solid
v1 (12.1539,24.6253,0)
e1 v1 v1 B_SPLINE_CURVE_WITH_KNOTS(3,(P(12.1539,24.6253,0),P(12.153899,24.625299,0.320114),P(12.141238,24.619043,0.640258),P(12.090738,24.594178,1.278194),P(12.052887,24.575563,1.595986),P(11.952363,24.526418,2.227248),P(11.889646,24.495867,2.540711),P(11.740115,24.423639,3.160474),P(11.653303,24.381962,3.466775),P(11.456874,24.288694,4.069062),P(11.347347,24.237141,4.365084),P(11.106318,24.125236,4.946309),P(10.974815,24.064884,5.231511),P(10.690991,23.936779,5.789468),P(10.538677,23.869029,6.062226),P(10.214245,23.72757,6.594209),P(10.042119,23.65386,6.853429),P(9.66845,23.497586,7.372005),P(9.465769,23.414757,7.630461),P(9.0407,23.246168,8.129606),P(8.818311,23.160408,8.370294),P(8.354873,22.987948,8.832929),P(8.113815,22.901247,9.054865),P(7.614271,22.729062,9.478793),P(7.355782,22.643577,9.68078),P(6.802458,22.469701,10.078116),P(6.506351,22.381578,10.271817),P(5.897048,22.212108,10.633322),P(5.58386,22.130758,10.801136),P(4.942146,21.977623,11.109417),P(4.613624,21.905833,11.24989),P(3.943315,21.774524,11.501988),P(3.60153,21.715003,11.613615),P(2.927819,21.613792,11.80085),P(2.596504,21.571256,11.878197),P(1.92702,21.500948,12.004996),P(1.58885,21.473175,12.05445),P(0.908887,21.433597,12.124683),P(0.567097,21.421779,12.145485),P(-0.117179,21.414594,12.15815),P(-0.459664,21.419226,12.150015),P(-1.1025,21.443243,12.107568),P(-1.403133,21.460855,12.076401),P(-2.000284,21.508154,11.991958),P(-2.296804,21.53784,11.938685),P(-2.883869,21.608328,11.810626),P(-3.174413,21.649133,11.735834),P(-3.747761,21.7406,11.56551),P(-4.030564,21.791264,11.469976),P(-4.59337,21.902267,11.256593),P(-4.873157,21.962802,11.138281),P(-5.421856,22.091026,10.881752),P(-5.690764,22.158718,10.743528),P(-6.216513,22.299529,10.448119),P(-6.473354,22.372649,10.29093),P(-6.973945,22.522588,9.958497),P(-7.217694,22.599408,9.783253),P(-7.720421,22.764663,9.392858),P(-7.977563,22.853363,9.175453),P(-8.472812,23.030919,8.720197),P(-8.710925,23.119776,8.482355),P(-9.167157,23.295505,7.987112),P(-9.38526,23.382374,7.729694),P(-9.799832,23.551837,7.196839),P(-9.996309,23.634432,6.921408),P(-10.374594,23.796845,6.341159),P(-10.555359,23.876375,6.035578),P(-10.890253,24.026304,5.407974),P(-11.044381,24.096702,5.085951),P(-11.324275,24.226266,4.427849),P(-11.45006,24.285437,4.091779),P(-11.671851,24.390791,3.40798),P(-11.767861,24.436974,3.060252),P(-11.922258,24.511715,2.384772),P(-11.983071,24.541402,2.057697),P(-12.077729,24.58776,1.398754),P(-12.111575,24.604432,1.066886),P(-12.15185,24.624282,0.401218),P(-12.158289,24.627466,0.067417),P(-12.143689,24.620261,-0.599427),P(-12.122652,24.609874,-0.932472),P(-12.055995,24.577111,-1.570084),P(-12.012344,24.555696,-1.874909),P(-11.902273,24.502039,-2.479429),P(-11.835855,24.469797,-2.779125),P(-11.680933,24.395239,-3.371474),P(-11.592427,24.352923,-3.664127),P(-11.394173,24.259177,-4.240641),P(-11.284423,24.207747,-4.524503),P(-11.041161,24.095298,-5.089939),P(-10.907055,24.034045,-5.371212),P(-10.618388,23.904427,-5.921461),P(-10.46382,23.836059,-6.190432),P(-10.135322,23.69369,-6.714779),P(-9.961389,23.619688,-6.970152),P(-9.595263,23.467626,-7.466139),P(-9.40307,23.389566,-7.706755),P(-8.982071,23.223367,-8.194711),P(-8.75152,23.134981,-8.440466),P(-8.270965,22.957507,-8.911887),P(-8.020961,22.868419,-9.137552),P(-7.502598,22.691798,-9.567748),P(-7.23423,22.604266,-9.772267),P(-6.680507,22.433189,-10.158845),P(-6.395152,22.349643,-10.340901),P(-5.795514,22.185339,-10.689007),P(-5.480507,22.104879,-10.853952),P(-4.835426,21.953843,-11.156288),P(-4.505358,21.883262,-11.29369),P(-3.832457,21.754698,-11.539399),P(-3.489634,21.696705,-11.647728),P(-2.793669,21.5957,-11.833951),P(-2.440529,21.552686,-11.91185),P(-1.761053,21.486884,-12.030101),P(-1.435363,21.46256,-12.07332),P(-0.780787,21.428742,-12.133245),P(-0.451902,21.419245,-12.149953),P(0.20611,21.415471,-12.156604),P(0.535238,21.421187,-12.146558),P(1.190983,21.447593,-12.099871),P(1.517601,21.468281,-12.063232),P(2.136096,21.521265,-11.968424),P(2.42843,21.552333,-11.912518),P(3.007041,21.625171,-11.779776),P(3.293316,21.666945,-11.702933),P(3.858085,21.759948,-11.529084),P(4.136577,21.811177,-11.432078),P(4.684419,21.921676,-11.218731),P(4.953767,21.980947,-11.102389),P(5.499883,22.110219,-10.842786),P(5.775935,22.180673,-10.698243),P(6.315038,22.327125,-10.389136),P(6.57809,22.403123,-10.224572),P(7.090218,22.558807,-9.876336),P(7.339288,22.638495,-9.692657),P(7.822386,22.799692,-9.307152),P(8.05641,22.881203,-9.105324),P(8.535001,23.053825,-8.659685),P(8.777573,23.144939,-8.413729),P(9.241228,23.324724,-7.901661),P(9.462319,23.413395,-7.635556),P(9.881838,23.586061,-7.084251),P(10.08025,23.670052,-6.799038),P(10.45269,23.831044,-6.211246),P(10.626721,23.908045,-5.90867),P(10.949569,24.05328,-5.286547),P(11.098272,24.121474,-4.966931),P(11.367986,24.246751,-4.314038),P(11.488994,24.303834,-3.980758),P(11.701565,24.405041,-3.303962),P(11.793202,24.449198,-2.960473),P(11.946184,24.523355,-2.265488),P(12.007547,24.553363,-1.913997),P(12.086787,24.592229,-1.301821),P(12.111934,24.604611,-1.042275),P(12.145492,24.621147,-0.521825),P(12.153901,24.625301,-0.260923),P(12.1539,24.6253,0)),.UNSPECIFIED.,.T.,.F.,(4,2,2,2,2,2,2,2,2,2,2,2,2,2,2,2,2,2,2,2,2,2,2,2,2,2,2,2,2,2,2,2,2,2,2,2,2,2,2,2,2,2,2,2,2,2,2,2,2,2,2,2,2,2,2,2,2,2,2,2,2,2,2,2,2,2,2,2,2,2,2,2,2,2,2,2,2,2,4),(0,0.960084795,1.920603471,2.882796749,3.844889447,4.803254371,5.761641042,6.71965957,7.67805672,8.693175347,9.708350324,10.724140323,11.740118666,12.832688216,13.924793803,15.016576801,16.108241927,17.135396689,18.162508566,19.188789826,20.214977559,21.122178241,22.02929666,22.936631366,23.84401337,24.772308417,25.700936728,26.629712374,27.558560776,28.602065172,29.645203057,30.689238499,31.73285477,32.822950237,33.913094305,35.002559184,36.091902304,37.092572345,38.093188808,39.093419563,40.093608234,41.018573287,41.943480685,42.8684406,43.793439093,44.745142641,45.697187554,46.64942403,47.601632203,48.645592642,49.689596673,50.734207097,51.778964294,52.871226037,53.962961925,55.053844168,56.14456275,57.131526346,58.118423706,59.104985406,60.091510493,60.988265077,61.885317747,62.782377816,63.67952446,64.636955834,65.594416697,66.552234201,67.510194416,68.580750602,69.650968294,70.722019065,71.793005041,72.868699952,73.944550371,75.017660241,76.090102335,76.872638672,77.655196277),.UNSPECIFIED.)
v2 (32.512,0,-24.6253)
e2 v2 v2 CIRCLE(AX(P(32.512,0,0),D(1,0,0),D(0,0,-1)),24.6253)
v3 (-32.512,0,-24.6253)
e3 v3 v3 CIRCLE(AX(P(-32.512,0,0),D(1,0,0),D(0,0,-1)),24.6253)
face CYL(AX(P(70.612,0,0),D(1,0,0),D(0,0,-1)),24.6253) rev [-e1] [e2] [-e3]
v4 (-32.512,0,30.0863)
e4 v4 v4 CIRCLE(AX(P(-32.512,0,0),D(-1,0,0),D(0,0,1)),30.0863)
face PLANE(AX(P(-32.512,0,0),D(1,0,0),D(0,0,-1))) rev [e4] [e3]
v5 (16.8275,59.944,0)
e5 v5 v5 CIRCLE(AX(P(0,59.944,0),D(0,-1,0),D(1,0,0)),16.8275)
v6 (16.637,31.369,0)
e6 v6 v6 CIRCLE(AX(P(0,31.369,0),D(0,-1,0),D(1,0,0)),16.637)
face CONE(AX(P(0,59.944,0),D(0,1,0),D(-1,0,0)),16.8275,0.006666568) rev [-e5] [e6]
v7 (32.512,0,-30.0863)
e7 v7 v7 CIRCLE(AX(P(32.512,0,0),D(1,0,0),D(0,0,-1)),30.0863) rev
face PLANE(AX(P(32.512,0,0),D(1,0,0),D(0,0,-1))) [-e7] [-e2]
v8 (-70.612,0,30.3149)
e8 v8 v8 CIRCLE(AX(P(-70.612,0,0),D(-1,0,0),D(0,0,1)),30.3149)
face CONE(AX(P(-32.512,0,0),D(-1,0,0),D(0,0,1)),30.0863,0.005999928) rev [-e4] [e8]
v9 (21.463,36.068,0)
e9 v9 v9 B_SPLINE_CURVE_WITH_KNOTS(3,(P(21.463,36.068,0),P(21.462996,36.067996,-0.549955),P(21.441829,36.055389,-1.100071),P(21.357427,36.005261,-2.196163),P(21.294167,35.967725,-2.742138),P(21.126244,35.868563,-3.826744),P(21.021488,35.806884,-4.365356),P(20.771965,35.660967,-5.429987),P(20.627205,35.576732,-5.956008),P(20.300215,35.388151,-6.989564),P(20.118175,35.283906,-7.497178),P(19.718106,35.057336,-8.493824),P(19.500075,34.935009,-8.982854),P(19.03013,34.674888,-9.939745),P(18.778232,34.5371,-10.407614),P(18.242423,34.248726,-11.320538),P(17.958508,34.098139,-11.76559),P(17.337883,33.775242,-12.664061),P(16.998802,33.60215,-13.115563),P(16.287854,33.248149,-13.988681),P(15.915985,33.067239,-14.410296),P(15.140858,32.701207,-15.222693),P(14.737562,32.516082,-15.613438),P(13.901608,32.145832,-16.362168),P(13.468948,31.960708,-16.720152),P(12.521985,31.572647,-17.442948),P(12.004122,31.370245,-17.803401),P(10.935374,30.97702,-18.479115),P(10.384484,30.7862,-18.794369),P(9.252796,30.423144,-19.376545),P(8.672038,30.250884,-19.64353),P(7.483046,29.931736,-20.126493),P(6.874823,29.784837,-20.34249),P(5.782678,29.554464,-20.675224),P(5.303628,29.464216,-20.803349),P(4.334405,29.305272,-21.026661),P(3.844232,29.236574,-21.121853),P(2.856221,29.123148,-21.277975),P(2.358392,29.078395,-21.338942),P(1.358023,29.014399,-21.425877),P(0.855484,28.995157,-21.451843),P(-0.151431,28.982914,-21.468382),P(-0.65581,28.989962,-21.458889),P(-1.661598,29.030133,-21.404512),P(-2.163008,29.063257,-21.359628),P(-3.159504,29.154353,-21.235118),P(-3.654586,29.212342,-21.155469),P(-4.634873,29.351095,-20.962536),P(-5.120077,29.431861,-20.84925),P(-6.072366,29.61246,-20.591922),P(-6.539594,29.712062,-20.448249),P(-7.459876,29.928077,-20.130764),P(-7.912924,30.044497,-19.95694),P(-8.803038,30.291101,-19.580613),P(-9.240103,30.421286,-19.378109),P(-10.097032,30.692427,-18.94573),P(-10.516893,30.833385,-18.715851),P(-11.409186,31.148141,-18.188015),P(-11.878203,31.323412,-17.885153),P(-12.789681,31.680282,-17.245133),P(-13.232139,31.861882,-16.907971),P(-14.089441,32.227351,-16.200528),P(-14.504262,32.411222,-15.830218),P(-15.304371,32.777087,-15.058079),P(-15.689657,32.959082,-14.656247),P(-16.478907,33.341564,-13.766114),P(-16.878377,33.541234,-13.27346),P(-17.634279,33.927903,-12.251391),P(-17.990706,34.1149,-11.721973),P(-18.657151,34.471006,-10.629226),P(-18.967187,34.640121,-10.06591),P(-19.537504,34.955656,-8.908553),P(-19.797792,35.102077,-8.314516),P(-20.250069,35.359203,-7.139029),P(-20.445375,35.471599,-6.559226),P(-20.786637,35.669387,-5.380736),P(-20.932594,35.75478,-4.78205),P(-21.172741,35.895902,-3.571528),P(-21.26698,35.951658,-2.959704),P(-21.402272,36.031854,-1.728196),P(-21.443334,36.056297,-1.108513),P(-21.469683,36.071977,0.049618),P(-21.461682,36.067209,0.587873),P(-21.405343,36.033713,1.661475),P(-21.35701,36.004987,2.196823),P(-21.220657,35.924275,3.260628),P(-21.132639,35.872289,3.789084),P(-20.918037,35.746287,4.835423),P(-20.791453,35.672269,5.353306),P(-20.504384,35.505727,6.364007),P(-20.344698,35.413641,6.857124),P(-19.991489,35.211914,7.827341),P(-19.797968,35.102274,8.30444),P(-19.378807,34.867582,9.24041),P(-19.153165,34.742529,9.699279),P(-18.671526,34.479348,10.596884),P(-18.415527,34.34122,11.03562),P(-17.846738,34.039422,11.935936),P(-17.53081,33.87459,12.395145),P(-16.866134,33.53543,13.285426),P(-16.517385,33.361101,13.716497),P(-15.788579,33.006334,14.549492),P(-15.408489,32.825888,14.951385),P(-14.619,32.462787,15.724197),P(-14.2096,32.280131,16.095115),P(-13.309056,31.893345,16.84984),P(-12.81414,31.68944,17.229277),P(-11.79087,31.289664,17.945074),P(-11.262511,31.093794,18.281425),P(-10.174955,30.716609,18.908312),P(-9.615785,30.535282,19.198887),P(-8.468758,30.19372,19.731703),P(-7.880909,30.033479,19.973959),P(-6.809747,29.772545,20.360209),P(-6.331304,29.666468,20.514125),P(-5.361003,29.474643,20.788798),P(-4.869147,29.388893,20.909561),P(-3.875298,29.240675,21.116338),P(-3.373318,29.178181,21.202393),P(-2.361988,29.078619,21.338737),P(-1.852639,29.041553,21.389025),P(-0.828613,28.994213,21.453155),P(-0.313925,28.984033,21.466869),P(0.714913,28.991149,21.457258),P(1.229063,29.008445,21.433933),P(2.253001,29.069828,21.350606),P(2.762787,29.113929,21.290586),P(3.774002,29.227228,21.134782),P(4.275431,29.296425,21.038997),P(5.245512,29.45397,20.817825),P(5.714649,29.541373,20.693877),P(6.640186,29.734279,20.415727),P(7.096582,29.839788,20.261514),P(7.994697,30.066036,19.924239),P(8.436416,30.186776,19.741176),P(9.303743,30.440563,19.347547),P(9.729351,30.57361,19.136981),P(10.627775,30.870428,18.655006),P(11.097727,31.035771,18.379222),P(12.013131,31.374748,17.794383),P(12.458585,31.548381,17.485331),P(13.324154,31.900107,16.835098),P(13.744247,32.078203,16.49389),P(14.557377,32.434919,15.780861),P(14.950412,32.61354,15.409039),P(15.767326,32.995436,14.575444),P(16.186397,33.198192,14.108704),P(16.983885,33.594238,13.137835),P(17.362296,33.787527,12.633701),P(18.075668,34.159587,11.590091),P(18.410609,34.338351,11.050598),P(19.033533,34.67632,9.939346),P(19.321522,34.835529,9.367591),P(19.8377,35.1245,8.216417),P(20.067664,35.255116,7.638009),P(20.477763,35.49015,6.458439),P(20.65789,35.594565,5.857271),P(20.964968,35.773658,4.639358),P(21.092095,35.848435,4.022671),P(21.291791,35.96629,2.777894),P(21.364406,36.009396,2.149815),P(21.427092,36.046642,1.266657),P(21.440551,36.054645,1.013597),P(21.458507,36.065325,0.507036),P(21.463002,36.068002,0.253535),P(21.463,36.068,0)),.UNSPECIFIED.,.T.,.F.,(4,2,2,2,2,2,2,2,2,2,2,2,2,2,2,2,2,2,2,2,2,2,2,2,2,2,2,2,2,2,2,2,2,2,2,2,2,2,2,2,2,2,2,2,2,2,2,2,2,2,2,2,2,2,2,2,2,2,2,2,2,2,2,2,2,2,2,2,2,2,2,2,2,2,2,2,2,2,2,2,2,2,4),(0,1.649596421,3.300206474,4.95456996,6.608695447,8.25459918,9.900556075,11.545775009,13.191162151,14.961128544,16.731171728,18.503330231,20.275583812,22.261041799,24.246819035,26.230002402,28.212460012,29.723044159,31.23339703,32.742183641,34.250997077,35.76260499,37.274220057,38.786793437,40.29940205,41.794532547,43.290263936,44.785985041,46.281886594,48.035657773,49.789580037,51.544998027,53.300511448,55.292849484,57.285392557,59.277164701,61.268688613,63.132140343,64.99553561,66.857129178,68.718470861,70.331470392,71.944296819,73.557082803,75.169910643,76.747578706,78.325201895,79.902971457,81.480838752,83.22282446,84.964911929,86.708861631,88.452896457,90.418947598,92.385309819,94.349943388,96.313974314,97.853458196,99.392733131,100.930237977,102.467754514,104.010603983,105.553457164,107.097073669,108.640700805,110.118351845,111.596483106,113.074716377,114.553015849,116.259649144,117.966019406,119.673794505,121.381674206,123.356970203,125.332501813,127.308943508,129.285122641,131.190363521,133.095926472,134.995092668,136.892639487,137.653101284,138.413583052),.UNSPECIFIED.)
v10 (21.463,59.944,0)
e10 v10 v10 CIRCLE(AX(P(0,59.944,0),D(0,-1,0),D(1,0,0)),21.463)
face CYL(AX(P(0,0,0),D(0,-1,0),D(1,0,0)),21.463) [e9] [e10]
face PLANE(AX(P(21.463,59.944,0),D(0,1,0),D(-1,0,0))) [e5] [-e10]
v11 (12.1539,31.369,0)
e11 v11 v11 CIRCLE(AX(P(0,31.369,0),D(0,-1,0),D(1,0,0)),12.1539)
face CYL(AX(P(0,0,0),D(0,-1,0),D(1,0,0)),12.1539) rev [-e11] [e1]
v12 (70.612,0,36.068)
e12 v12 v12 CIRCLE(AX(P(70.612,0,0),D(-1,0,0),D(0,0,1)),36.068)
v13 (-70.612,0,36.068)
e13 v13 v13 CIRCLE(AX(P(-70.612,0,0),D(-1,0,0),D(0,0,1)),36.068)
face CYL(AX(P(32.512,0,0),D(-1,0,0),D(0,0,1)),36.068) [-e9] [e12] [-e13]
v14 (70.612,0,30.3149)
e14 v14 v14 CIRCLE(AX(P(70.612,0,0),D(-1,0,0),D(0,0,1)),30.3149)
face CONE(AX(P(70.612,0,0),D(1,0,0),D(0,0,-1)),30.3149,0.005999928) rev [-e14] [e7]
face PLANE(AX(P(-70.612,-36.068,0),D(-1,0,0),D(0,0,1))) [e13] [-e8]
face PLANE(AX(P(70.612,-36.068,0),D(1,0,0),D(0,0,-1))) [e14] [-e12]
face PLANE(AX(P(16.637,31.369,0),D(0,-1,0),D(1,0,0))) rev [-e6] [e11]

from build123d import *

# Parameters (mm, degrees)
SKETCH4_R           = 36.068
BOSS_EXTRUDE1_DEPTH = 65.024
SKETCH5_R           = 21.463
BOSS_EXTRUDE2_DEPTH = 31.369


with BuildPart() as part:
    # Sketch1 → Revolve1 (revolve)
    with BuildSketch(Plane.XY, mode=Mode.PRIVATE) as revolve1_sk:
        Polygon((-70.612, -36.068), (-32.512, -36.068), (-32.512, -30.0863), (-70.612, -30.3149), align=None)
        Polygon((70.612, -30.3149), (32.512, -30.0863), (32.512, -36.068), (70.612, -36.068), align=None)
    revolve(revolve1_sk.sketch.rotate(Axis((-70.612, 0, 0), (1, 0, 0)), 270), axis=Axis((-70.612, 0, 0), (1, 0, 0)))



with BuildPart() as body_2:
    # Sketch2 → Revolve2 (revolve)
    with BuildSketch(Plane.XY):
        Polygon((16.8275, 59.944), (16.637, 31.369), (21.463, 31.369), (21.463, 59.944), align=None)
    revolve(axis=Axis((0, 0, 0), (0, 1, 0)))


with BuildPart() as part_1:
    add(part.part)

    add(body_2.part)  # Boss-Extrude1 merges body 2
    # Sketch4 → Boss-Extrude1 (add)
    with BuildSketch(Plane(origin=(-32.512, 0, 0), x_dir=(0, 0, -1), z_dir=(1, 0, 0))):
        with Locations(Location((0, 0, 0), (0, 0, 180))):
            Circle(SKETCH4_R)
    extrude(amount=BOSS_EXTRUDE1_DEPTH)

    # Sketch5 → Boss-Extrude2 (add)
    with BuildSketch(Plane.XZ.offset(-31.369)):
        Circle(SKETCH5_R)
    extrude(amount=BOSS_EXTRUDE2_DEPTH)

    # Sketch6 → Cut-Revolve1 (revolve, cut)
    with BuildSketch(Plane.XY, mode=Mode.PRIVATE) as cut_revolve1_sk:
        Polygon((-70.612, -30.3149), (-32.512, -30.0863), (-32.512, -24.6253), (32.512, -24.6253), (32.512, -30.0863), (70.612, -30.3149), (70.612, 0), (-70.612, 0), align=None)
    revolve(cut_revolve1_sk.sketch.rotate(Axis((70.612, 0, 0), (-1, 0, 0)), 270), axis=Axis((70.612, 0, 0), (-1, 0, 0)), mode=Mode.SUBTRACT)

    # Sketch7 → Cut-Revolve2 (revolve, cut)
    with BuildSketch(Plane.XY):
        Polygon((16.8275, 59.944), (16.637, 31.369), (12.1539, 31.369), (12.1539, 0), (0, 0), (0, 59.944), align=None)
    revolve(axis=Axis((0, 0, 0), (0, 1, 0)), mode=Mode.SUBTRACT)


solid = part_1.part
